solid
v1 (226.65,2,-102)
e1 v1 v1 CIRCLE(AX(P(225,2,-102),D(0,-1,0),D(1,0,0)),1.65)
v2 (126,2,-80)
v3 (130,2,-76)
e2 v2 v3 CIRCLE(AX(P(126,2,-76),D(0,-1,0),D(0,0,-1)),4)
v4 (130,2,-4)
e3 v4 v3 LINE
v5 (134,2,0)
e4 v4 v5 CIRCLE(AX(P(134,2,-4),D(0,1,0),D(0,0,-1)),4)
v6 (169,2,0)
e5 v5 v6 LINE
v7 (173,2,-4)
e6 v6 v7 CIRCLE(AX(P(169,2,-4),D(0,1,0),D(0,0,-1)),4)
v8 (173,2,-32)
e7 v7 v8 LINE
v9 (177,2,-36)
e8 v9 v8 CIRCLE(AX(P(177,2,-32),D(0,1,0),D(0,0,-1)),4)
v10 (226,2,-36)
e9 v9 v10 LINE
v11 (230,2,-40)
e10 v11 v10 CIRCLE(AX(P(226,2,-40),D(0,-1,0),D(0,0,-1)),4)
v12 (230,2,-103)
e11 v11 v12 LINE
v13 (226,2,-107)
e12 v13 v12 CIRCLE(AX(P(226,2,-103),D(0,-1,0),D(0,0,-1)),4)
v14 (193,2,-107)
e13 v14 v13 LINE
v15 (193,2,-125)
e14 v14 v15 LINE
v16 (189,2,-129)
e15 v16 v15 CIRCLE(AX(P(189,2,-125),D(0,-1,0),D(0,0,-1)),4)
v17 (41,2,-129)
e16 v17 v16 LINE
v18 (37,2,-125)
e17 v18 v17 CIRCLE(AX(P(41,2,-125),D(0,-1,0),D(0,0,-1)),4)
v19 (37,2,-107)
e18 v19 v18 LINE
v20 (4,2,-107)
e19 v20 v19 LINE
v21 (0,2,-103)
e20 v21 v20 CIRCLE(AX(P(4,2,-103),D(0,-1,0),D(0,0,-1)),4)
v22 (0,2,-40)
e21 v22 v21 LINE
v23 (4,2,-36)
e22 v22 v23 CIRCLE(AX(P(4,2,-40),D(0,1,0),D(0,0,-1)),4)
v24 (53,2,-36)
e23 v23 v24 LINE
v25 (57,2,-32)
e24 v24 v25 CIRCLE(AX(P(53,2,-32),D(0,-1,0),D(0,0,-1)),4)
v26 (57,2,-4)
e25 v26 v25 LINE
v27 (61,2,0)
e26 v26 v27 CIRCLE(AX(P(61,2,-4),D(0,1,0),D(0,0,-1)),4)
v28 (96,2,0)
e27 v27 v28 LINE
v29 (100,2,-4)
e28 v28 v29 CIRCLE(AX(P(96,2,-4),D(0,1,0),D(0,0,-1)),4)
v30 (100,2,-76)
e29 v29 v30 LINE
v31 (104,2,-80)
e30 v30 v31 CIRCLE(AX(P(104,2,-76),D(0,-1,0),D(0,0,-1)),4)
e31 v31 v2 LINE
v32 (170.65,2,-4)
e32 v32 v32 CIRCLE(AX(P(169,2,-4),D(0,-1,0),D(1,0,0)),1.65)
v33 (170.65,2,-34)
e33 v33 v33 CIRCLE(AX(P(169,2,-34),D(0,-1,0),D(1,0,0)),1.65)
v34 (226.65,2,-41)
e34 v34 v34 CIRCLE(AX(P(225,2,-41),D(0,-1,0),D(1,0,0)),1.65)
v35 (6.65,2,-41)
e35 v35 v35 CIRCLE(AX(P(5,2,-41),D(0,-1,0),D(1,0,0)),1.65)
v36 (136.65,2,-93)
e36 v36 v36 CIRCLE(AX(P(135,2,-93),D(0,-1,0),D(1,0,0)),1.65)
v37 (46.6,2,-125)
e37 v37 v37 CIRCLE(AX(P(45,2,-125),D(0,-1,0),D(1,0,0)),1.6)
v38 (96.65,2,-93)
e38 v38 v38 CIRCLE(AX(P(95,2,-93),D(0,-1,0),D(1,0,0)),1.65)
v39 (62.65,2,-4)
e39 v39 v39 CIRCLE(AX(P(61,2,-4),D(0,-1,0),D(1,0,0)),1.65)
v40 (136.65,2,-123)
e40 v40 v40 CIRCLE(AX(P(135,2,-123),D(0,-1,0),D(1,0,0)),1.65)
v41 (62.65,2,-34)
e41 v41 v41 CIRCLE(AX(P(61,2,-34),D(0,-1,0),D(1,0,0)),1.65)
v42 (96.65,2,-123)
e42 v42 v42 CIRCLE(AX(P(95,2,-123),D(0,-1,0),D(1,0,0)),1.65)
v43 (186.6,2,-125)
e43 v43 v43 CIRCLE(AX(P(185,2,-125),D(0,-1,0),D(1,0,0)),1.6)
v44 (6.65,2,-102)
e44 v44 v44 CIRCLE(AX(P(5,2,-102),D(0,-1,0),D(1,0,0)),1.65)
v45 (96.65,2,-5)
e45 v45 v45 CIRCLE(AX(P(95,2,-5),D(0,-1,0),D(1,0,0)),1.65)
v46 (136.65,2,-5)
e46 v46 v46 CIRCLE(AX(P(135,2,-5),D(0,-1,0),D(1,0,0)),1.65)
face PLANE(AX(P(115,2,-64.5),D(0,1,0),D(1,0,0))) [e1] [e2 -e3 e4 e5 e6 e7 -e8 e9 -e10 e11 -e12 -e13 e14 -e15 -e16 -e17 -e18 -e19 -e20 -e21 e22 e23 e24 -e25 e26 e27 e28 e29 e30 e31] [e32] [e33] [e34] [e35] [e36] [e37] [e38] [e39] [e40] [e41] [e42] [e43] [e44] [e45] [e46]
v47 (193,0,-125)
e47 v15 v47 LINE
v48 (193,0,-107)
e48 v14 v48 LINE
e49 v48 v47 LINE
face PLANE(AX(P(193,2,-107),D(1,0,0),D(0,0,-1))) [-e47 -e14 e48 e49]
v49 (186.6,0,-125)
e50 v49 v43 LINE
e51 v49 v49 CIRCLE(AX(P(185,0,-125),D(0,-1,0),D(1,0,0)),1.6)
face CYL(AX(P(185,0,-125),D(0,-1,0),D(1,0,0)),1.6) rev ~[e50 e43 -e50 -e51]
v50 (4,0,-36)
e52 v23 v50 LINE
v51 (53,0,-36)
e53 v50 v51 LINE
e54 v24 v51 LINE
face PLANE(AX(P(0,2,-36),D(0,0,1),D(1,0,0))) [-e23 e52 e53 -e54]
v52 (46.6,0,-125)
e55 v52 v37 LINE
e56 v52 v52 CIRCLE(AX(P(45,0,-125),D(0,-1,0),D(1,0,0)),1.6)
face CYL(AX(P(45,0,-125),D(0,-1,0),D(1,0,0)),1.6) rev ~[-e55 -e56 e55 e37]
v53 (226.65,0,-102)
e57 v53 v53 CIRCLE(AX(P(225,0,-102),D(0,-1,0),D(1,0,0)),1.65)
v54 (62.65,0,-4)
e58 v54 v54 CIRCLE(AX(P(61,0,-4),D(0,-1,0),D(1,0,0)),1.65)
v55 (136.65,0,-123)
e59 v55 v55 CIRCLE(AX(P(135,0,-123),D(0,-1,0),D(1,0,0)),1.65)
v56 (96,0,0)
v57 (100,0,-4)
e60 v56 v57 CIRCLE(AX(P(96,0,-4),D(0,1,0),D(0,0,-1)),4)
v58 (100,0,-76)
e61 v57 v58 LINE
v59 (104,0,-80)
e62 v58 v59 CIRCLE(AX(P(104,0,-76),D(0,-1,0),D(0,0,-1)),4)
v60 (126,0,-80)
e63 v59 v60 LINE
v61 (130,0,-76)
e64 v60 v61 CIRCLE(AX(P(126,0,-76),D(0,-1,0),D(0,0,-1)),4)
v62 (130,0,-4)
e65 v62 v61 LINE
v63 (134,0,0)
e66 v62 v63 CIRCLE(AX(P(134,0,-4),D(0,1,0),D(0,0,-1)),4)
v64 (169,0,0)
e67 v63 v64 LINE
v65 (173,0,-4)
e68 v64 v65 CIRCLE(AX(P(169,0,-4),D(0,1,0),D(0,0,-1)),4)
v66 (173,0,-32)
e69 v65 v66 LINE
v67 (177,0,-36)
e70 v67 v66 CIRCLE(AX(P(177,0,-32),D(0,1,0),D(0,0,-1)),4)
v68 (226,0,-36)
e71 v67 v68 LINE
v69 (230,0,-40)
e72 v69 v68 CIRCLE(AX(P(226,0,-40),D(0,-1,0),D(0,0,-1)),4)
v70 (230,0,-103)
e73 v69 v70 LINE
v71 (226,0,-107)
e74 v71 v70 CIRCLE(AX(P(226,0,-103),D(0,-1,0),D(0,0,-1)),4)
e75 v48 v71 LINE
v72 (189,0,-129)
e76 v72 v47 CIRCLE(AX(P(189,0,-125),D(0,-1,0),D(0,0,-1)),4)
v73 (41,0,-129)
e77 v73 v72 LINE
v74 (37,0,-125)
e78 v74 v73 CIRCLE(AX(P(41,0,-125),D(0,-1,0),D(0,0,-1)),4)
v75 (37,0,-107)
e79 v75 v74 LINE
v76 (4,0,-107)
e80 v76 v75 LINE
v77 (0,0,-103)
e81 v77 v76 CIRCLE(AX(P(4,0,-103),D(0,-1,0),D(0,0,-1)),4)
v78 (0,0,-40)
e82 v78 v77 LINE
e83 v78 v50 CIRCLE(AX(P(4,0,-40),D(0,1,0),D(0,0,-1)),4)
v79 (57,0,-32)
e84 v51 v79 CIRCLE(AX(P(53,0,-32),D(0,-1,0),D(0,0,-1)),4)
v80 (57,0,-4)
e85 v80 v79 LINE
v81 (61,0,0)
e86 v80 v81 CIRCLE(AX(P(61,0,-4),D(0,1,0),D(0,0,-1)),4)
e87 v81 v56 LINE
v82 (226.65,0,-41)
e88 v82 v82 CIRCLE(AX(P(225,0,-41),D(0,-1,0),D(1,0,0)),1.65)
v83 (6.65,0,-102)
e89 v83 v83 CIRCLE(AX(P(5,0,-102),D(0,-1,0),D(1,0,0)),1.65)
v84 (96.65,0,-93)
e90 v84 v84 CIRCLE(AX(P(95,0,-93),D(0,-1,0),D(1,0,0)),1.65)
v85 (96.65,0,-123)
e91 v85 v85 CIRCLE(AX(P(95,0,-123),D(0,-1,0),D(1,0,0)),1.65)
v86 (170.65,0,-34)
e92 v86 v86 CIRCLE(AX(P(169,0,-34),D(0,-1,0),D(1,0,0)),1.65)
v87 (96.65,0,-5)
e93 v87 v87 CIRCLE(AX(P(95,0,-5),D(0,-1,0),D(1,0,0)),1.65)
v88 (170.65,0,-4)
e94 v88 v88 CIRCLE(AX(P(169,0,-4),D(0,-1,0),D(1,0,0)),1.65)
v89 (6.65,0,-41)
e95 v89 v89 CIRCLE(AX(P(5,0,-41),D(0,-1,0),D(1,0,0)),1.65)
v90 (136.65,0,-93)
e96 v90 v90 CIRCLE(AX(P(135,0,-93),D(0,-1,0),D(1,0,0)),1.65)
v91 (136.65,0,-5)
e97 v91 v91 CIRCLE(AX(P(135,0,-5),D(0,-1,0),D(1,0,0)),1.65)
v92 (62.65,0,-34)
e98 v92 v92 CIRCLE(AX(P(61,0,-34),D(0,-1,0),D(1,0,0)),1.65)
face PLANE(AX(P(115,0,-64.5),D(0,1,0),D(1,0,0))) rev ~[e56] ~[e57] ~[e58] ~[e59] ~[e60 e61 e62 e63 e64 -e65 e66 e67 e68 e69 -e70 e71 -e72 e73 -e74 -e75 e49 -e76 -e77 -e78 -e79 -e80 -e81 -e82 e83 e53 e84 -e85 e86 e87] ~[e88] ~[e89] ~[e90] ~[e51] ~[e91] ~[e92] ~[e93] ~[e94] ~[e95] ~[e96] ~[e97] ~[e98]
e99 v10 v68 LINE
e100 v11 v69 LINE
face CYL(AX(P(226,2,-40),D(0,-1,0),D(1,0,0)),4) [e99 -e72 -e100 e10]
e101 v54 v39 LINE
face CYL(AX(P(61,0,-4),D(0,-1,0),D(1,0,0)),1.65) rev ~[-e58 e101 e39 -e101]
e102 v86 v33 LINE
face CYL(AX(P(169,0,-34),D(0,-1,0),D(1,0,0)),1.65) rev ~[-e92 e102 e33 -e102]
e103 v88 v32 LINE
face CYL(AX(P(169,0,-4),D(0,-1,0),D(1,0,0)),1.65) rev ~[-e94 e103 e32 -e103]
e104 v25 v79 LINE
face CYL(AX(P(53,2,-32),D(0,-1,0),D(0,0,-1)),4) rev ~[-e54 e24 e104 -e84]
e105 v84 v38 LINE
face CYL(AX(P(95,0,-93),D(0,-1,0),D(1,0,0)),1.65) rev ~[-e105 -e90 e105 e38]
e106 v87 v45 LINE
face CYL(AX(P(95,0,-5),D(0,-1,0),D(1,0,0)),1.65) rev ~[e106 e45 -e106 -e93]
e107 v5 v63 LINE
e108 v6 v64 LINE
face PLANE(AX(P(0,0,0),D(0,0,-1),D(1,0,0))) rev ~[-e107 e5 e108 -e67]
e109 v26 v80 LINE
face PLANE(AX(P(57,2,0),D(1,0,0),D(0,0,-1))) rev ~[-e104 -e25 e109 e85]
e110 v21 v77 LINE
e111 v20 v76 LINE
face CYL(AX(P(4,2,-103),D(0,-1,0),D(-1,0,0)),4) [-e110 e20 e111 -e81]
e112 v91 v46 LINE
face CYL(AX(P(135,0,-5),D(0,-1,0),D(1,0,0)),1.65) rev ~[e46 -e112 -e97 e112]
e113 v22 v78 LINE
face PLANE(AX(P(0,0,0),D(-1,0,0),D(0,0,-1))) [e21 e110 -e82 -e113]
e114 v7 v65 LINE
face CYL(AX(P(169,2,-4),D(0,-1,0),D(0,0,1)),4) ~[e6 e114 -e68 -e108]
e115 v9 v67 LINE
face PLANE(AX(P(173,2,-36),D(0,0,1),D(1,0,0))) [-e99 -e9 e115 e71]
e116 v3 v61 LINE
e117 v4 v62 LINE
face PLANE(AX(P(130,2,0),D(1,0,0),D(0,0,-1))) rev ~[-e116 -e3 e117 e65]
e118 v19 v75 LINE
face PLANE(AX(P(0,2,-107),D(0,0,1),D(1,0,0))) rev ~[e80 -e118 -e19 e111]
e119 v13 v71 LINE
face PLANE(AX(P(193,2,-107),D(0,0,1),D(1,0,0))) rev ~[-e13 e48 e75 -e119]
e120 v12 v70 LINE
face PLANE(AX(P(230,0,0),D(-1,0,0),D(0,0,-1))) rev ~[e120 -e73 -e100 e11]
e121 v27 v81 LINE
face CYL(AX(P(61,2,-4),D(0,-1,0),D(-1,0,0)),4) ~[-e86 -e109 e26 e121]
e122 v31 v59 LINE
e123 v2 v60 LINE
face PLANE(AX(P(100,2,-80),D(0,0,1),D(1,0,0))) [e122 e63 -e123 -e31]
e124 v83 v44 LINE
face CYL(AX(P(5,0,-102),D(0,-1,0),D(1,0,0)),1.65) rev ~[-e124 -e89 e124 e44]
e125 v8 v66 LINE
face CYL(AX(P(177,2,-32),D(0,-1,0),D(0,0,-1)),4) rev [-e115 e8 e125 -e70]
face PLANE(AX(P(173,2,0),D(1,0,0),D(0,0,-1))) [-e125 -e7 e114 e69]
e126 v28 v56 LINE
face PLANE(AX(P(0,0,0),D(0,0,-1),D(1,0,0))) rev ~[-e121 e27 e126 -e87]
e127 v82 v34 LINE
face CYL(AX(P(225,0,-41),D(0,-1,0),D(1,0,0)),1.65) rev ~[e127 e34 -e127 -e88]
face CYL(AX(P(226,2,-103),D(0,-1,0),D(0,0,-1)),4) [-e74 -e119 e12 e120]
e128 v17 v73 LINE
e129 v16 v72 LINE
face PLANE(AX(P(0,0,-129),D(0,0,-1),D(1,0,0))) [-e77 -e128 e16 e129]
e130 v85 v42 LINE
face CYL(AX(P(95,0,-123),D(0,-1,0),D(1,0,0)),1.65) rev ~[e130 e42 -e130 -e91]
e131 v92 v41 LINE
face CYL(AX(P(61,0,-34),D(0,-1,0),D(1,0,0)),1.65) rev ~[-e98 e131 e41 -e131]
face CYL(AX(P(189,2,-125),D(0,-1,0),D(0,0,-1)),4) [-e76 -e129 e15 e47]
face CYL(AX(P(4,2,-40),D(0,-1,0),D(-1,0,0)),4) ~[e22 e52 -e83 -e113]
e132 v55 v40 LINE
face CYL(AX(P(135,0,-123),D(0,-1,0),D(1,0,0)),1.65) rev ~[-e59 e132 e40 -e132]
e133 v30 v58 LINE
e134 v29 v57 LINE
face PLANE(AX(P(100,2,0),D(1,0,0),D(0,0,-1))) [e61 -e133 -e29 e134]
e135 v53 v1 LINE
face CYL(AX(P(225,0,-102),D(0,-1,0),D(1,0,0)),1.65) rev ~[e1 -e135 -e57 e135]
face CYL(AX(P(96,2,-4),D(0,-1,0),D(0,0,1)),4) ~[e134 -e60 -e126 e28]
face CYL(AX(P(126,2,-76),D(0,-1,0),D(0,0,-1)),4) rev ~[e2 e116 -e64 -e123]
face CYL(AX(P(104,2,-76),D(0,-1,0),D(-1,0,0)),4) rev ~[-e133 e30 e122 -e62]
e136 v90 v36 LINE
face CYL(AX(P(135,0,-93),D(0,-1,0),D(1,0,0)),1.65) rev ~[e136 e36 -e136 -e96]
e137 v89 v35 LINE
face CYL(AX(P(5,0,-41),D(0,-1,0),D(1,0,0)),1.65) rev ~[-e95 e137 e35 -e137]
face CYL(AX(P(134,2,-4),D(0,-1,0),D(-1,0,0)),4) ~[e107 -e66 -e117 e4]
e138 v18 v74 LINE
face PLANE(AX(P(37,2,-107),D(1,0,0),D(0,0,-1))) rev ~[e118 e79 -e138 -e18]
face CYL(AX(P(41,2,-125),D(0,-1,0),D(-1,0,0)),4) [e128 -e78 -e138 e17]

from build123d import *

# Parameters (mm, degrees)
SKETCH1_W           = 230
SKETCH1_H           = 129
BOSS_EXTRUDE1_DEPTH = 2
SKETCH2_W           = 37
SKETCH2_H           = 22
SKETCH2_W_2         = 57
SKETCH2_H_2         = 36
SKETCH2_W_3         = 30
SKETCH2_H_3         = 80
CUT_EXTRUDE1_DEPTH  = 3
SKETCH3_R           = 1.65
SKETCH3_R_2         = 1.6
CUT_EXTRUDE2_DEPTH  = 10
FILLET1_R           = 4


with BuildPart() as part:
    # Sketch1 → Boss-Extrude1 (new body)
    with BuildSketch(Plane(origin=(0, 0, 0), x_dir=(1, 0, 0), z_dir=(0, 1, 0))):
        with Locations((115, 64.5)):
            Rectangle(SKETCH1_W, SKETCH1_H)
    extrude(amount=BOSS_EXTRUDE1_DEPTH)

    # Sketch2 → Cut-Extrude1 (cut, through all)
    with BuildSketch(Plane(origin=(0, 2, 0), x_dir=(1, 0, 0), z_dir=(0, 1, 0))):
        with Locations((18.5, 118)):
            Rectangle(SKETCH2_W, SKETCH2_H)
        with Locations((28.5, 18)):
            Rectangle(SKETCH2_W_2, SKETCH2_H_2)
        with Locations((211.5, 118)):
            Rectangle(SKETCH2_W, SKETCH2_H)
        with Locations((201.5, 18)):
            Rectangle(SKETCH2_W_2, SKETCH2_H_2)
        with Locations((115, 40)):
            Rectangle(SKETCH2_W_3, SKETCH2_H_3)
    extrude(amount=-CUT_EXTRUDE1_DEPTH, mode=Mode.SUBTRACT)

    # Sketch3 → Cut-Extrude2 (cut)
    with BuildSketch(Plane.XZ):
        with Locations((5, -41)):
            Circle(SKETCH3_R)
        with Locations((5, -102)):
            Circle(SKETCH3_R)
        with Locations((95, -5)):
            Circle(SKETCH3_R)
        with Locations((95, -93)):
            Circle(SKETCH3_R)
        with Locations((95, -123)):
            Circle(SKETCH3_R)
        with Locations((135, -93)):
            Circle(SKETCH3_R)
        with Locations((135, -5)):
            Circle(SKETCH3_R)
        with Locations((135, -123)):
            Circle(SKETCH3_R)
        with Locations((225, -41)):
            Circle(SKETCH3_R)
        with Locations((225, -102)):
            Circle(SKETCH3_R)
        with Locations((61, -34)):
            Circle(SKETCH3_R)
        with Locations((61, -4)):
            Circle(SKETCH3_R)
        with Locations((169, -34)):
            Circle(SKETCH3_R)
        with Locations((169, -4)):
            Circle(SKETCH3_R)
        with Locations((45, -125)):
            Circle(SKETCH3_R_2)
        with Locations((185, -125)):
            Circle(SKETCH3_R_2)
    extrude(amount=-CUT_EXTRUDE2_DEPTH, mode=Mode.SUBTRACT)

    # Fillet1
    fillet1_edges = [part.edges().sort_by_distance(p)[0] for p in [
        (0, 1, -36),
        (57, 1, -36),
        (57, 1, 0),
        (230, 1, -107),
        (193, 1, -129),
        (230, 1, -36),
        (173, 1, 0),
        (173, 1, -36),
        (100, 1, 0),
        (100, 1, -80),
        (130, 1, -80),
        (130, 1, 0),
        (0, 1, -107),
        (37, 1, -129),
    ]]
    fillet(fillet1_edges, radius=FILLET1_R)


solid = part.part
